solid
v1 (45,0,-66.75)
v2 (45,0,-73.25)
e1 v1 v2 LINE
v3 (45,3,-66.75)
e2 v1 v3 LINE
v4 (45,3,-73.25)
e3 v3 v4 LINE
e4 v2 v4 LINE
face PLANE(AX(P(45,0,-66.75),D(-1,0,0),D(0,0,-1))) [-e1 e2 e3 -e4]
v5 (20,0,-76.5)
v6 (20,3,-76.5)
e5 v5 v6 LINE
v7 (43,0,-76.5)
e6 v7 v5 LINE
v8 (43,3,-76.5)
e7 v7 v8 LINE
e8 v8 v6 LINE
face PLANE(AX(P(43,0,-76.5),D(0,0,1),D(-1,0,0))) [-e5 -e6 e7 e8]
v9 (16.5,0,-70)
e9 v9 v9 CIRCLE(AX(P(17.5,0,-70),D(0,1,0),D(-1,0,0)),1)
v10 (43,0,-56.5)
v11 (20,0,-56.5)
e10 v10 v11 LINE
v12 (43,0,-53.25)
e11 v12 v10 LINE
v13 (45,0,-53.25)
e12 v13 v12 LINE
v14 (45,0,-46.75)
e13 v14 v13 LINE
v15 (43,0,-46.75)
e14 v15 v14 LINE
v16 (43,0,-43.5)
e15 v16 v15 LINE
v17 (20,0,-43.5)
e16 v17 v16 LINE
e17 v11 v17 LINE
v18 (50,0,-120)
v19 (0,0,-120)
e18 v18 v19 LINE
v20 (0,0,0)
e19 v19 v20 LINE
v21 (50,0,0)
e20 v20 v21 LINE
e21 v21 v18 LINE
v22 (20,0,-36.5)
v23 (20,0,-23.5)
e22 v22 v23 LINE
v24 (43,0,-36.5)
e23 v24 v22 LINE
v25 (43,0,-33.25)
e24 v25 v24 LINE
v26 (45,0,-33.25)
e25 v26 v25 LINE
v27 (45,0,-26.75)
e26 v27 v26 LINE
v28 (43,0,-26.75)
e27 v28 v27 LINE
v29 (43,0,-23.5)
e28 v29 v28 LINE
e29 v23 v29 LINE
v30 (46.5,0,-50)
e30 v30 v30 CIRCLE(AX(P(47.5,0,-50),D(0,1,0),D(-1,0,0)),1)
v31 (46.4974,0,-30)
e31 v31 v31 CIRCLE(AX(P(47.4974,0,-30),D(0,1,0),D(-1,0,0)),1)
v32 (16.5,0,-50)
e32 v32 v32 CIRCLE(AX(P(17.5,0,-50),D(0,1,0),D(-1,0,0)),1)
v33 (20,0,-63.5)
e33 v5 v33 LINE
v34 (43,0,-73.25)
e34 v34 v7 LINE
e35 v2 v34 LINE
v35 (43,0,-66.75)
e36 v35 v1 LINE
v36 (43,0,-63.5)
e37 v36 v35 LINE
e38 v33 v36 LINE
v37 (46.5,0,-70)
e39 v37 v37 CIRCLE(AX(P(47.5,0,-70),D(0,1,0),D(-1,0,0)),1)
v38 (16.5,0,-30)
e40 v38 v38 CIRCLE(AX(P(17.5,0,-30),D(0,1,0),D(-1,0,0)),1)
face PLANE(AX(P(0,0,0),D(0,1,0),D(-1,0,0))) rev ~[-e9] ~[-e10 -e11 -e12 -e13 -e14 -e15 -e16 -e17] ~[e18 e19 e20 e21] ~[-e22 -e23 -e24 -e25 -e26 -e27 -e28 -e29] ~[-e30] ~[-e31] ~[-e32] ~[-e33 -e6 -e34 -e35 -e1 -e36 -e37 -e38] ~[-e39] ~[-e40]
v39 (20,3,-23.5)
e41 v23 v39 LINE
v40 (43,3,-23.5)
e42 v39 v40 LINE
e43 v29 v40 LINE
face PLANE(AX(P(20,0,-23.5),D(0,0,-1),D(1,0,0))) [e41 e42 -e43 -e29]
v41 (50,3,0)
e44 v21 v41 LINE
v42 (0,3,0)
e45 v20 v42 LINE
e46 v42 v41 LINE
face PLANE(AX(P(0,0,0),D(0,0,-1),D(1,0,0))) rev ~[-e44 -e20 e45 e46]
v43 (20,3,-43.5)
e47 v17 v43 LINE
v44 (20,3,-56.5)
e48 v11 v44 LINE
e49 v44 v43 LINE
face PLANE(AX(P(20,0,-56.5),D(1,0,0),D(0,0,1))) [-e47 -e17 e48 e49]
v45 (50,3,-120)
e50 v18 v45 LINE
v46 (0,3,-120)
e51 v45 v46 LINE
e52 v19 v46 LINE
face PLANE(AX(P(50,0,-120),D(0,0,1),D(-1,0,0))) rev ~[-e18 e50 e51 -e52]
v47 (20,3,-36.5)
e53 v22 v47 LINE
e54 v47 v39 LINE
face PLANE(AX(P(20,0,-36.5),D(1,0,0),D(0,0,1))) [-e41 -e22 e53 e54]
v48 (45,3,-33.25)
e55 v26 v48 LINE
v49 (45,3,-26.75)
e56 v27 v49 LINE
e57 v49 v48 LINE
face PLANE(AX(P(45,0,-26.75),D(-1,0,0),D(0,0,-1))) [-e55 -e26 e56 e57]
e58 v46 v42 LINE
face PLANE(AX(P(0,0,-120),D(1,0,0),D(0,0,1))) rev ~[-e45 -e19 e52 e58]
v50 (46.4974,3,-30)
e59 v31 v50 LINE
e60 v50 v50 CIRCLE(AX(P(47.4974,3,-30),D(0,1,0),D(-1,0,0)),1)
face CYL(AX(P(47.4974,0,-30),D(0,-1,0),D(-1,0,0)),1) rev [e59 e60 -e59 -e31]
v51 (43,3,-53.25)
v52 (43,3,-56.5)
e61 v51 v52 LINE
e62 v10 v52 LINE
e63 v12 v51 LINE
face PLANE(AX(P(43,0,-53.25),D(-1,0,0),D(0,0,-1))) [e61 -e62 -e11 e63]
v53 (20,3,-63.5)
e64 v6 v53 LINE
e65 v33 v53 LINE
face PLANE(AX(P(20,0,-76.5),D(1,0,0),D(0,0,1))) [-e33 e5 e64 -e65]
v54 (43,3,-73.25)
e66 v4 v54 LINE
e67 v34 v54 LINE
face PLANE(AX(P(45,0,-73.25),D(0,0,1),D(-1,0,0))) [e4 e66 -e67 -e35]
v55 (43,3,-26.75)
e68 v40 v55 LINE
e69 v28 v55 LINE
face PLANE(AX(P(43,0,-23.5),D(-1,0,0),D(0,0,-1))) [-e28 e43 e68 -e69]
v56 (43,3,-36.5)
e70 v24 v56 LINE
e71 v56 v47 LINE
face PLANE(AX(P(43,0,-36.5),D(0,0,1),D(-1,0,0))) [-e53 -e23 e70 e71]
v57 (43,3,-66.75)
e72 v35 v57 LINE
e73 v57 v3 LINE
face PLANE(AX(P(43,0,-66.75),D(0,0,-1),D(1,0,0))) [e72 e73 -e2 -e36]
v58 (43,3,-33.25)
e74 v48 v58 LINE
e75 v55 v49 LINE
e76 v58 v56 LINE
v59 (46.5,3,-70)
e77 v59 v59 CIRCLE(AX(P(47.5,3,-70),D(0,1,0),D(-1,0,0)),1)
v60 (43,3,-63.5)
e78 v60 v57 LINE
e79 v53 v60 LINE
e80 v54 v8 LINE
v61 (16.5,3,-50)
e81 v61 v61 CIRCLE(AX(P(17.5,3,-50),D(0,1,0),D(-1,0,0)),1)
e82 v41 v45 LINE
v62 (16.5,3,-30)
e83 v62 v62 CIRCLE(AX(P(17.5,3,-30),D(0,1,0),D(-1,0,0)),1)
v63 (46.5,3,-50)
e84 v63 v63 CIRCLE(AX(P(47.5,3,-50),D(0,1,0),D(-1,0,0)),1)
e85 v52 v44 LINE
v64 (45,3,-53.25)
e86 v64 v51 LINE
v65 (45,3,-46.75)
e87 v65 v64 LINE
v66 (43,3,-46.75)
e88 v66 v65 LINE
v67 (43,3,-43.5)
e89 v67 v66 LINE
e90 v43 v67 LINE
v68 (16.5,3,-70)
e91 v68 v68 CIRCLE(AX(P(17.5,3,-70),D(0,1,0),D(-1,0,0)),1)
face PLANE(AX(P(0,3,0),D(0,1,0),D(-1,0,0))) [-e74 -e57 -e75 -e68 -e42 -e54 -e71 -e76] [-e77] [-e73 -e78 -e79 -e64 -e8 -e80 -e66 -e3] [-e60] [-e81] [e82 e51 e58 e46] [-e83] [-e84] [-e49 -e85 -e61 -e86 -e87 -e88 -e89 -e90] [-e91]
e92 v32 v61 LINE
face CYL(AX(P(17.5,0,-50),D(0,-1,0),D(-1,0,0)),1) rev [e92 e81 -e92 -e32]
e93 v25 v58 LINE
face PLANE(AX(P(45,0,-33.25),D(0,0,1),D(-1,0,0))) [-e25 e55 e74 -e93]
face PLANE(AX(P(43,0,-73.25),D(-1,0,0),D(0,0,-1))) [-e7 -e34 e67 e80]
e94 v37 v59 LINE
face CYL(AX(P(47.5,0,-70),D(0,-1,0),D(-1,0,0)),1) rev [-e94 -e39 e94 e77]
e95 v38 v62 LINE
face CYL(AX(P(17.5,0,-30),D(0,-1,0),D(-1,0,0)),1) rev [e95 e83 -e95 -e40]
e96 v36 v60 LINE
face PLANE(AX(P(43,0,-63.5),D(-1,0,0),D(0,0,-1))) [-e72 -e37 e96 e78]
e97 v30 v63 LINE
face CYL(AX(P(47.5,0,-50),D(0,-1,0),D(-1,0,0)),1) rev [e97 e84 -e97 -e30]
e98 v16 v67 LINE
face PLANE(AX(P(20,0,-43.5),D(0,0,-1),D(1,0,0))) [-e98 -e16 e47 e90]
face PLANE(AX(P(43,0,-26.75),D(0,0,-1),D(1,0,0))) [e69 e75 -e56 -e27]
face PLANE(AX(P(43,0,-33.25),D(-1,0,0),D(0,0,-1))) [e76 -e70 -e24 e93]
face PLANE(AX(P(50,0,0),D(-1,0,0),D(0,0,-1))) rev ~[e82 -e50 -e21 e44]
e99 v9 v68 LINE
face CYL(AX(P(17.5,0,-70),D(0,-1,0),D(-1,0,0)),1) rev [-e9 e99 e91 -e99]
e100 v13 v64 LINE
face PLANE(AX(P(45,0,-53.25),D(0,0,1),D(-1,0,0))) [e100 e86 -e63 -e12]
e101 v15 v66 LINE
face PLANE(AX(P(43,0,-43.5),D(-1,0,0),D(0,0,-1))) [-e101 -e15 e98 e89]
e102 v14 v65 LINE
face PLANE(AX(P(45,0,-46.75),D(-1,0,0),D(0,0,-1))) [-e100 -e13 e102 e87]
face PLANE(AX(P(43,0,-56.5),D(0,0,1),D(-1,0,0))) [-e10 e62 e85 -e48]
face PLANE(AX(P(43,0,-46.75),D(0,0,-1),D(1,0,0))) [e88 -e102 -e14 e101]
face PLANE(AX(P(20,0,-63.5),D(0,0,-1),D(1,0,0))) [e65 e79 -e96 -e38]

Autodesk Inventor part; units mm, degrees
ref_plane "YZ Plane" through (0, 0, 0) normal (1, 0, 0) x (0, 1, 0)
ref_plane "XZ Plane" through (0, 0, 0) normal (0, 1, 0) x (-1, 0, 0)
ref_plane "XY Plane" through (0, 0, 0) normal (0, 0, 1) x (1, 0, 0)
sketch "Sketch1" plane through (0, 0, 0) normal (0, 1, 0) x (-1, 0, 0)
  point P0 (0, 0)
sketch "Sketch2" plane through (0, 0, 0) normal (0, 1, 0) x (-1, 0, 0)
  line L0 (0, 0) -> (-50, 0)
  line L1 (-50, 0) -> (-50, -120)
  line L2 (-50, -120) -> (0, -120)
  line L3 (0, -120) -> (0, 0)
  line L4 (-20, -23.5) -> (-43, -23.5)
  line L5 (-43, -23.5) -> (-43, -26.75)
  line L6 (-43, -26.75) -> (-45, -26.75)
  line L7 (-45, -26.75) -> (-45, -33.25)
  line L8 (-45, -33.25) -> (-43, -33.25)
  line L9 (-43, -33.25) -> (-43, -36.5)
  line L10 (-43, -36.5) -> (-20, -36.5)
  line L11 (-20, -36.5) -> (-20, -23.5)
  line L12 (-20, -43.5) -> (-43, -43.5)
  line L13 (-43, -43.5) -> (-43, -46.75)
  line L14 (-43, -46.75) -> (-45, -46.75)
  line L15 (-45, -46.75) -> (-45, -53.25)
  line L16 (-45, -53.25) -> (-43, -53.25)
  line L17 (-43, -53.25) -> (-43, -56.5)
  line L18 (-43, -56.5) -> (-20, -56.5)
  line L19 (-20, -56.5) -> (-20, -43.5)
  line L20 (-20, -63.5) -> (-43, -63.5)
  line L21 (-43, -63.5) -> (-43, -66.75)
  line L22 (-43, -66.75) -> (-45, -66.75)
  line L23 (-45, -66.75) -> (-45, -73.25)
  line L24 (-45, -73.25) -> (-43, -73.25)
  line L25 (-43, -73.25) -> (-43, -76.5)
  line L26 (-43, -76.5) -> (-20, -76.5)
  line L27 (-20, -76.5) -> (-20, -63.5)
  circle A0 centre (-17.5, -50) radius 1
  circle A1 centre (-17.5, -70) radius 1
  circle A2 centre (-17.5, -30) radius 1
  circle A3 centre (-47.4974, -30) radius 1
  circle A4 centre (-47.5, -50) radius 1
  circle A5 centre (-47.5, -70) radius 1
  dimension "d0" = 50
  dimension "d1" = 120
  dimension "d4" = 23
  dimension "d5" = 3.25
  dimension "d6" = 2
  dimension "d7" = 6.5
  dimension "d8" = 2
  dimension "d9" = 3.25
  dimension "d10" = 23
  dimension "d12" = 23
  dimension "d13" = 3.25
  dimension "d14" = 2
  dimension "d15" = 6.5
  dimension "d16" = 2
  dimension "d17" = 3.25
  dimension "d18" = 23
  dimension "d20" = 23
  dimension "d21" = 3.25
  dimension "d22" = 2
  dimension "d23" = 6.5
  dimension "d24" = 3.25
  dimension "d25" = 23
  dimension "d29" = 2
  dimension "d30" = 2
  dimension "d31" = 2
  dimension "d32" = 2
  dimension "d35" = 2
  dimension "d36" = 2
extrude "Extrusion1" add sketch "Sketch2" along normal blind 3
properties part number "Part1_FInal"
